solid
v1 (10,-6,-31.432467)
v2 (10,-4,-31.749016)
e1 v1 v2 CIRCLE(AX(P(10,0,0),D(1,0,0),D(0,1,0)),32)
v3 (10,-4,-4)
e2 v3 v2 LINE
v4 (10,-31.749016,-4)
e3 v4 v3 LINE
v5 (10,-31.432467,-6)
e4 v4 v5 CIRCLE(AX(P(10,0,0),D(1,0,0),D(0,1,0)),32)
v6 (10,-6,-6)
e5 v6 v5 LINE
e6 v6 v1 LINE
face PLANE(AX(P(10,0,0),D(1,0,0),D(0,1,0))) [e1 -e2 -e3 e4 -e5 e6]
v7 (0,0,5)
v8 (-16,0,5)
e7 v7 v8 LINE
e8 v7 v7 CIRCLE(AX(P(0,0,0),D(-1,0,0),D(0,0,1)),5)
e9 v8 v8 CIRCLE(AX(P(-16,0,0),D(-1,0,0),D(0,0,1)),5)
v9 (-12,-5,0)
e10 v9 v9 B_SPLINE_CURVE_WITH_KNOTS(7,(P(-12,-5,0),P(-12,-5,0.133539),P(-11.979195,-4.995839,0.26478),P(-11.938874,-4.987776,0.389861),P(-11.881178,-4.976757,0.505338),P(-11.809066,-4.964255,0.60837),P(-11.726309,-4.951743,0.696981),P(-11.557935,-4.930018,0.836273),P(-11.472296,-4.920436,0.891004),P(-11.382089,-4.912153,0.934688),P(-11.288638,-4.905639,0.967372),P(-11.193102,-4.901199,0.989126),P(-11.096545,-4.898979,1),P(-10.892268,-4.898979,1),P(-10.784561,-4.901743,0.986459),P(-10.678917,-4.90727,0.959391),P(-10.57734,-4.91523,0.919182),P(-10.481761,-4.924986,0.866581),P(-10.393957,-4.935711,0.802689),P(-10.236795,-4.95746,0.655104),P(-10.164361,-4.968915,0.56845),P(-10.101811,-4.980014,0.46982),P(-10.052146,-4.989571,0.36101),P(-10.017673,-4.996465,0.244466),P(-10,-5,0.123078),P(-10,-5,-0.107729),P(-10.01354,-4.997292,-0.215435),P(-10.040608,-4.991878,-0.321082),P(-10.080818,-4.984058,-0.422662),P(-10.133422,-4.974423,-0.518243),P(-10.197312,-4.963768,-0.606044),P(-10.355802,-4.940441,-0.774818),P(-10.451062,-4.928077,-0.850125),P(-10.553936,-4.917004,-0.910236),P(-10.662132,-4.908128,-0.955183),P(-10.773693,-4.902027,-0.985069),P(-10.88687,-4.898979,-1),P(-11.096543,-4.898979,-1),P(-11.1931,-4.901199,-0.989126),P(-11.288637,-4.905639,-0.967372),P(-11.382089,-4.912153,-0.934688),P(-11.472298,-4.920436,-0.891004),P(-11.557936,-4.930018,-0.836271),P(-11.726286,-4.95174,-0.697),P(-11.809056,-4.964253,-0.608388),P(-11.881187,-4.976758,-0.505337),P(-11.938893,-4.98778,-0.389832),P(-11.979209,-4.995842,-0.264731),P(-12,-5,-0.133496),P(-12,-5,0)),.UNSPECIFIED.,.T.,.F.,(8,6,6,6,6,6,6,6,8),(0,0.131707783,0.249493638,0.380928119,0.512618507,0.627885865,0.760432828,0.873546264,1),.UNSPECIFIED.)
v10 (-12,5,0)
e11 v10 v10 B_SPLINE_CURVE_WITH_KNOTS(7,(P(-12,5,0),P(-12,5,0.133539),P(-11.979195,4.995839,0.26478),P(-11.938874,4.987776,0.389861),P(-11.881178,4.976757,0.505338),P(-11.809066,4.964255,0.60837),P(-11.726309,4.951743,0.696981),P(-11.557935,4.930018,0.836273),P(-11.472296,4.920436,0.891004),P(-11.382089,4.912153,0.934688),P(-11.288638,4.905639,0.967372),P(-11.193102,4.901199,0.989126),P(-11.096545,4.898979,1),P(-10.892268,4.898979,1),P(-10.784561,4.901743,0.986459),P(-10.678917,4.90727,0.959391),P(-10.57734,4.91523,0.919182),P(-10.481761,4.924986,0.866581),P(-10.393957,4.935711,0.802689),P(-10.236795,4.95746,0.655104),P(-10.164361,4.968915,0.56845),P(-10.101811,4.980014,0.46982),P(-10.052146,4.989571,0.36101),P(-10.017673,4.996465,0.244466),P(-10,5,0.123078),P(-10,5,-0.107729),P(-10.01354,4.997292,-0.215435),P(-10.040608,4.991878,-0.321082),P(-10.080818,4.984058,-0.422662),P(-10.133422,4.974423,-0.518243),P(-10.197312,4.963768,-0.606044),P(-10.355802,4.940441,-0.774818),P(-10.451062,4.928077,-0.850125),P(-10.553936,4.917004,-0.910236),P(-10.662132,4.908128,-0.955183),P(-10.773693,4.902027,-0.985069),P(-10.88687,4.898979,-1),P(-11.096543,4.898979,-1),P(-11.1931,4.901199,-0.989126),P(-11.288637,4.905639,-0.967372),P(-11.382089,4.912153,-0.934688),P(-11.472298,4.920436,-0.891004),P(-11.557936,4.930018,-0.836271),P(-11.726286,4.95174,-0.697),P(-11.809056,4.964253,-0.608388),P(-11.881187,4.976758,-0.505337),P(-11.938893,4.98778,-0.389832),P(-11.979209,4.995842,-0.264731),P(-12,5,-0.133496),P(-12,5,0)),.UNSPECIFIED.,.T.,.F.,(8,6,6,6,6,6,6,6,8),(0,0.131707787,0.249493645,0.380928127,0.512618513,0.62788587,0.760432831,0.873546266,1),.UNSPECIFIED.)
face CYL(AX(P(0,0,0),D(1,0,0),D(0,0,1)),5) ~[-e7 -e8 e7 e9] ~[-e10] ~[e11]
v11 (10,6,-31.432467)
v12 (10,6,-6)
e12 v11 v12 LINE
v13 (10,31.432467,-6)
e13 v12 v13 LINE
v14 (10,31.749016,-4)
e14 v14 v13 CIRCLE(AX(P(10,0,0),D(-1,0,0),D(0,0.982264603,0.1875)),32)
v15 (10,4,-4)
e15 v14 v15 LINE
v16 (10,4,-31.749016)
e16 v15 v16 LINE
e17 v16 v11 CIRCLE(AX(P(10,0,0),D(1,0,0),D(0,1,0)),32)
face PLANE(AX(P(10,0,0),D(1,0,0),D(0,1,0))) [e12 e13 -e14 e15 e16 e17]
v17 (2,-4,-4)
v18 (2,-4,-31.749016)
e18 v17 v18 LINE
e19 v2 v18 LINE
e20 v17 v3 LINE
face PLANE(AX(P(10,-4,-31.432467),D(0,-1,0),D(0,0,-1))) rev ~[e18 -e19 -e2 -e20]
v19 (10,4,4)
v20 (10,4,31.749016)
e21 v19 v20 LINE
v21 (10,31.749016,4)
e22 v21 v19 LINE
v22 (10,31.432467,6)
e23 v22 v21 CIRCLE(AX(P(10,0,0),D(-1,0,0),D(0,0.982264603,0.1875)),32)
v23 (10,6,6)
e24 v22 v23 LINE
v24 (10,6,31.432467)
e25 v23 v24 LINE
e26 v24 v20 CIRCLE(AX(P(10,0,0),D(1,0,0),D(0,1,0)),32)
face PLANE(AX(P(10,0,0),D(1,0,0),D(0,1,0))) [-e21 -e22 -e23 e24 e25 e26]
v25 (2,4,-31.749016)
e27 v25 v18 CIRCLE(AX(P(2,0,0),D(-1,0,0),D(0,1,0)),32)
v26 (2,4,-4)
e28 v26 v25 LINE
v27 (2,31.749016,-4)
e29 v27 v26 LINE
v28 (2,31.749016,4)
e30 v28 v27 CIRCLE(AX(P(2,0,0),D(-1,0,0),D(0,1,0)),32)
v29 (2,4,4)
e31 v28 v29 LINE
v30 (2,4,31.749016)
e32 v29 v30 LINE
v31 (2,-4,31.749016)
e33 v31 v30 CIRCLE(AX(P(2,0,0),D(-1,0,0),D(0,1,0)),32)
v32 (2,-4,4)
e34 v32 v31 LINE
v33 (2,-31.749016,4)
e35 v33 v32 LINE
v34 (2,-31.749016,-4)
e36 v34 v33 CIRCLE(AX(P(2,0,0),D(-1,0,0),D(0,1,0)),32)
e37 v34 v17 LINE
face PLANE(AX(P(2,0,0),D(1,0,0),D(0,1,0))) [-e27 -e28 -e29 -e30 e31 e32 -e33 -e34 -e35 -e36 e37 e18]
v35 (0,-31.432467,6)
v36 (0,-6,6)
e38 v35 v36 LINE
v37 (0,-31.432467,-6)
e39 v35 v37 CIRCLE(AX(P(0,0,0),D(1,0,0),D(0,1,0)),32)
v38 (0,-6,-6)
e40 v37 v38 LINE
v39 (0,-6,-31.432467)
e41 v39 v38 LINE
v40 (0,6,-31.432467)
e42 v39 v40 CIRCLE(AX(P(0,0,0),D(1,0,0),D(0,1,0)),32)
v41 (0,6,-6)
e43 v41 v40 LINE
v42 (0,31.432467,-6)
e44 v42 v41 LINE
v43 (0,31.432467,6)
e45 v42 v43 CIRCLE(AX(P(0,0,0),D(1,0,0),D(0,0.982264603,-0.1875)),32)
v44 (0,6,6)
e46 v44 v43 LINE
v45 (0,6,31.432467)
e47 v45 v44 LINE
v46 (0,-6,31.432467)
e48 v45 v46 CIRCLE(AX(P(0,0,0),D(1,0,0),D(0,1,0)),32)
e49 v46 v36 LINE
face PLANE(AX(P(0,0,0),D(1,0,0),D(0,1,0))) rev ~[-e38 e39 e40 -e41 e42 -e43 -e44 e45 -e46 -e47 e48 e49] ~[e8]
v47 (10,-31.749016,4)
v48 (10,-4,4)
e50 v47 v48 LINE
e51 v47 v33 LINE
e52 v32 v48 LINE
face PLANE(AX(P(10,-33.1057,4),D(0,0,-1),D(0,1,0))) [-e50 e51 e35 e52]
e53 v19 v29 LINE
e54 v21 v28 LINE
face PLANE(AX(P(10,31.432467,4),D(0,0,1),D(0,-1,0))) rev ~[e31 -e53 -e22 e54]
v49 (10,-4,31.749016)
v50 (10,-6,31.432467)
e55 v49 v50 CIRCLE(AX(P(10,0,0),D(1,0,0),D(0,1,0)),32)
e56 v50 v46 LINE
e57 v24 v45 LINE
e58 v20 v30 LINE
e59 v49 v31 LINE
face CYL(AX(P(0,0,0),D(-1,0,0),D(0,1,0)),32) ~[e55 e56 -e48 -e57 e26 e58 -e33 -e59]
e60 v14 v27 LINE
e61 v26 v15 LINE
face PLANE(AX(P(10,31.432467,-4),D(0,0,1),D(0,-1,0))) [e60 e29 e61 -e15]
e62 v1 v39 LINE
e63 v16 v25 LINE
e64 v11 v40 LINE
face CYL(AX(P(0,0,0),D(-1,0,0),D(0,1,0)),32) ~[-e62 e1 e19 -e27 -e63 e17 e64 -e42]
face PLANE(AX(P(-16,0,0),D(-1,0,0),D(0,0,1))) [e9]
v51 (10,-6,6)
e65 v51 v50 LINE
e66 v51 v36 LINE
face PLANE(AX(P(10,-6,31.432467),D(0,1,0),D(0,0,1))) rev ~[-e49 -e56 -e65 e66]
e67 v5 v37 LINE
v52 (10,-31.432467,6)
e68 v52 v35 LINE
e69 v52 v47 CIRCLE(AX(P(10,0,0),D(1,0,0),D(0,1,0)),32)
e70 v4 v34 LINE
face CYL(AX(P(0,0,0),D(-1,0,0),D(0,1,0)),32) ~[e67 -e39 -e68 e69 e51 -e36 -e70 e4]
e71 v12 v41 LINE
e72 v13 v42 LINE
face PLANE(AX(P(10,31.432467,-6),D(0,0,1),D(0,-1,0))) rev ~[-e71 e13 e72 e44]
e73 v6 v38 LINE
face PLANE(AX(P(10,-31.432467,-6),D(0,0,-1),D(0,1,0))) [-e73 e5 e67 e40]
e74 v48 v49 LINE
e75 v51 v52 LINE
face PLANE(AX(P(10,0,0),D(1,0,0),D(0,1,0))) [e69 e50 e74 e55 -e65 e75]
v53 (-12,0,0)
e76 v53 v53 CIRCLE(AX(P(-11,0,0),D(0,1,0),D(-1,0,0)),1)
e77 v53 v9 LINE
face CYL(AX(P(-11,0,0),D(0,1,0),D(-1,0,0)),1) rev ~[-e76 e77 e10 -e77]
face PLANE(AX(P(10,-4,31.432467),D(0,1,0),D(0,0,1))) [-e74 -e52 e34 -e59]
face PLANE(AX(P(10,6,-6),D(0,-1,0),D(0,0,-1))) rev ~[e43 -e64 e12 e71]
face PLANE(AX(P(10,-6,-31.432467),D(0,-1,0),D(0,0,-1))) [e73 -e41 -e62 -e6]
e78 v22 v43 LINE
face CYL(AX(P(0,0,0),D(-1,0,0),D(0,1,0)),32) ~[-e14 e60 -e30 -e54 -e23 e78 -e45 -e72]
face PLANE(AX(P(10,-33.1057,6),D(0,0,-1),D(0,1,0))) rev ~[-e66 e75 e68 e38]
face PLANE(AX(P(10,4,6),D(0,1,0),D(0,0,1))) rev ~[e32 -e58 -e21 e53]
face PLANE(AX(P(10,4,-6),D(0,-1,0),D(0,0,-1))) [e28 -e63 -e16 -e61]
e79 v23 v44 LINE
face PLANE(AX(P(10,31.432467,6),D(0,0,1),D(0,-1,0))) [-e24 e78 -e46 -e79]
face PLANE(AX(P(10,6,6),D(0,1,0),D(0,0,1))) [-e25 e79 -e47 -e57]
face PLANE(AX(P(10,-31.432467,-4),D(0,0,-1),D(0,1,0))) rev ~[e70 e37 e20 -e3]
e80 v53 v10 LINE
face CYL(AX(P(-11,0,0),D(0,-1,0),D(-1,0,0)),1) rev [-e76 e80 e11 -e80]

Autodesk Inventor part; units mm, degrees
ref_plane "YZ Plane" through (0, 0, 0) normal (1, 0, 0) x (0, 1, 0)
ref_plane "XZ Plane" through (0, 0, 0) normal (0, 1, 0) x (-1, 0, 0)
ref_plane "XY Plane" through (0, 0, 0) normal (0, 0, 1) x (1, 0, 0)
sketch "Sketch1" plane through (0, 0, 0) normal (1, 0, 0) x (0, 1, 0)
  circle A0 centre (0, 0) radius 32
  dimension "d0" = 64
extrude "Extrusion1" add sketch "Sketch1" along normal blind 10
sketch "Sketch2" plane through (10, 0, 0) normal (1, 0, 0) x (0, 0, -1)
  circle A0 centre (0, 0) radius 32 projected
  line L0 (-6, 33.1057) -> (-6, 6)
  line L1 (-6, 6) -> (-33.1057, 6)
  line L2 (0, 0) -> (-11.4167, 0)
  line L3 (0, 0) -> (0, 10.4167)
  arc A1 (-6, 33.1057) -> (-33.1057, 6) centre (-1.4332, 1.4332) ccw
  line L4 (-6, -33.1057) -> (-6, -6)
  line L5 (-6, -6) -> (-33.1057, -6)
  arc A2 (-33.1057, -6) -> (-6, -33.1057) centre (-1.4332, -1.4332) ccw
  line L6 (6, 33.1057) -> (6, 6)
  line L7 (6, 6) -> (33.1057, 6)
  arc A3 (33.1057, 6) -> (6, 33.1057) centre (1.4332, 1.4332) ccw
  arc A4 (6, -33.1057) -> (33.1057, -6) centre (1.4332, -1.4332) ccw
  line L8 (6, -33.1057) -> (6, -6)
  line L9 (6, -6) -> (33.1057, -6)
  dimension "d3" = 12
  dimension "d4" = 12
extrude "Extrusion2" cut sketch "Sketch2" against normal blind 10 contours L7 L6 A0 | A0 L6 A3 L7 | L9 A4 L8 A0 | A0 L8 L9 | L0 L1 A0 | A0 L1 A1 L0 | L4 A2 L5 A0 | A0 L5 L4
shell "Shell1" thickness 2 removed faces 5 at (6.6667, 31.8245, -3.347) at (10, -0.6702, -14.6456) at (6.6667, 0.6706, -31.993) at (6.6667, -31.993, -0.6706) at (6.6667, -0.6706, 31.993)
sketch "Sketch3" plane through (0, 0, 0) normal (-1, 0, 0) x (0, 0, 1)
  arc A0 (-31.4325, 6) -> (-31.4325, -6) centre (0, 0) ccw projected
  circle A1 centre (0, 0) radius 5
  dimension "d9" = 10
extrude "Extrusion3" add sketch "Sketch3" along normal blind 16
sketch "Sketch4" plane through (0, 0, 0) normal (0, 1, 0) x (-1, 0, 0)
  circle A0 centre (11, 0) radius 1
  line L0 (16, -5) -> (16, 5) projected
  point P0 (0, 0)
  dimension "d12" = 2
  dimension "d13" = 5
extrude "Extrusion4" cut sketch "Sketch4" along normal mid plane 16
properties part number "Cross"
